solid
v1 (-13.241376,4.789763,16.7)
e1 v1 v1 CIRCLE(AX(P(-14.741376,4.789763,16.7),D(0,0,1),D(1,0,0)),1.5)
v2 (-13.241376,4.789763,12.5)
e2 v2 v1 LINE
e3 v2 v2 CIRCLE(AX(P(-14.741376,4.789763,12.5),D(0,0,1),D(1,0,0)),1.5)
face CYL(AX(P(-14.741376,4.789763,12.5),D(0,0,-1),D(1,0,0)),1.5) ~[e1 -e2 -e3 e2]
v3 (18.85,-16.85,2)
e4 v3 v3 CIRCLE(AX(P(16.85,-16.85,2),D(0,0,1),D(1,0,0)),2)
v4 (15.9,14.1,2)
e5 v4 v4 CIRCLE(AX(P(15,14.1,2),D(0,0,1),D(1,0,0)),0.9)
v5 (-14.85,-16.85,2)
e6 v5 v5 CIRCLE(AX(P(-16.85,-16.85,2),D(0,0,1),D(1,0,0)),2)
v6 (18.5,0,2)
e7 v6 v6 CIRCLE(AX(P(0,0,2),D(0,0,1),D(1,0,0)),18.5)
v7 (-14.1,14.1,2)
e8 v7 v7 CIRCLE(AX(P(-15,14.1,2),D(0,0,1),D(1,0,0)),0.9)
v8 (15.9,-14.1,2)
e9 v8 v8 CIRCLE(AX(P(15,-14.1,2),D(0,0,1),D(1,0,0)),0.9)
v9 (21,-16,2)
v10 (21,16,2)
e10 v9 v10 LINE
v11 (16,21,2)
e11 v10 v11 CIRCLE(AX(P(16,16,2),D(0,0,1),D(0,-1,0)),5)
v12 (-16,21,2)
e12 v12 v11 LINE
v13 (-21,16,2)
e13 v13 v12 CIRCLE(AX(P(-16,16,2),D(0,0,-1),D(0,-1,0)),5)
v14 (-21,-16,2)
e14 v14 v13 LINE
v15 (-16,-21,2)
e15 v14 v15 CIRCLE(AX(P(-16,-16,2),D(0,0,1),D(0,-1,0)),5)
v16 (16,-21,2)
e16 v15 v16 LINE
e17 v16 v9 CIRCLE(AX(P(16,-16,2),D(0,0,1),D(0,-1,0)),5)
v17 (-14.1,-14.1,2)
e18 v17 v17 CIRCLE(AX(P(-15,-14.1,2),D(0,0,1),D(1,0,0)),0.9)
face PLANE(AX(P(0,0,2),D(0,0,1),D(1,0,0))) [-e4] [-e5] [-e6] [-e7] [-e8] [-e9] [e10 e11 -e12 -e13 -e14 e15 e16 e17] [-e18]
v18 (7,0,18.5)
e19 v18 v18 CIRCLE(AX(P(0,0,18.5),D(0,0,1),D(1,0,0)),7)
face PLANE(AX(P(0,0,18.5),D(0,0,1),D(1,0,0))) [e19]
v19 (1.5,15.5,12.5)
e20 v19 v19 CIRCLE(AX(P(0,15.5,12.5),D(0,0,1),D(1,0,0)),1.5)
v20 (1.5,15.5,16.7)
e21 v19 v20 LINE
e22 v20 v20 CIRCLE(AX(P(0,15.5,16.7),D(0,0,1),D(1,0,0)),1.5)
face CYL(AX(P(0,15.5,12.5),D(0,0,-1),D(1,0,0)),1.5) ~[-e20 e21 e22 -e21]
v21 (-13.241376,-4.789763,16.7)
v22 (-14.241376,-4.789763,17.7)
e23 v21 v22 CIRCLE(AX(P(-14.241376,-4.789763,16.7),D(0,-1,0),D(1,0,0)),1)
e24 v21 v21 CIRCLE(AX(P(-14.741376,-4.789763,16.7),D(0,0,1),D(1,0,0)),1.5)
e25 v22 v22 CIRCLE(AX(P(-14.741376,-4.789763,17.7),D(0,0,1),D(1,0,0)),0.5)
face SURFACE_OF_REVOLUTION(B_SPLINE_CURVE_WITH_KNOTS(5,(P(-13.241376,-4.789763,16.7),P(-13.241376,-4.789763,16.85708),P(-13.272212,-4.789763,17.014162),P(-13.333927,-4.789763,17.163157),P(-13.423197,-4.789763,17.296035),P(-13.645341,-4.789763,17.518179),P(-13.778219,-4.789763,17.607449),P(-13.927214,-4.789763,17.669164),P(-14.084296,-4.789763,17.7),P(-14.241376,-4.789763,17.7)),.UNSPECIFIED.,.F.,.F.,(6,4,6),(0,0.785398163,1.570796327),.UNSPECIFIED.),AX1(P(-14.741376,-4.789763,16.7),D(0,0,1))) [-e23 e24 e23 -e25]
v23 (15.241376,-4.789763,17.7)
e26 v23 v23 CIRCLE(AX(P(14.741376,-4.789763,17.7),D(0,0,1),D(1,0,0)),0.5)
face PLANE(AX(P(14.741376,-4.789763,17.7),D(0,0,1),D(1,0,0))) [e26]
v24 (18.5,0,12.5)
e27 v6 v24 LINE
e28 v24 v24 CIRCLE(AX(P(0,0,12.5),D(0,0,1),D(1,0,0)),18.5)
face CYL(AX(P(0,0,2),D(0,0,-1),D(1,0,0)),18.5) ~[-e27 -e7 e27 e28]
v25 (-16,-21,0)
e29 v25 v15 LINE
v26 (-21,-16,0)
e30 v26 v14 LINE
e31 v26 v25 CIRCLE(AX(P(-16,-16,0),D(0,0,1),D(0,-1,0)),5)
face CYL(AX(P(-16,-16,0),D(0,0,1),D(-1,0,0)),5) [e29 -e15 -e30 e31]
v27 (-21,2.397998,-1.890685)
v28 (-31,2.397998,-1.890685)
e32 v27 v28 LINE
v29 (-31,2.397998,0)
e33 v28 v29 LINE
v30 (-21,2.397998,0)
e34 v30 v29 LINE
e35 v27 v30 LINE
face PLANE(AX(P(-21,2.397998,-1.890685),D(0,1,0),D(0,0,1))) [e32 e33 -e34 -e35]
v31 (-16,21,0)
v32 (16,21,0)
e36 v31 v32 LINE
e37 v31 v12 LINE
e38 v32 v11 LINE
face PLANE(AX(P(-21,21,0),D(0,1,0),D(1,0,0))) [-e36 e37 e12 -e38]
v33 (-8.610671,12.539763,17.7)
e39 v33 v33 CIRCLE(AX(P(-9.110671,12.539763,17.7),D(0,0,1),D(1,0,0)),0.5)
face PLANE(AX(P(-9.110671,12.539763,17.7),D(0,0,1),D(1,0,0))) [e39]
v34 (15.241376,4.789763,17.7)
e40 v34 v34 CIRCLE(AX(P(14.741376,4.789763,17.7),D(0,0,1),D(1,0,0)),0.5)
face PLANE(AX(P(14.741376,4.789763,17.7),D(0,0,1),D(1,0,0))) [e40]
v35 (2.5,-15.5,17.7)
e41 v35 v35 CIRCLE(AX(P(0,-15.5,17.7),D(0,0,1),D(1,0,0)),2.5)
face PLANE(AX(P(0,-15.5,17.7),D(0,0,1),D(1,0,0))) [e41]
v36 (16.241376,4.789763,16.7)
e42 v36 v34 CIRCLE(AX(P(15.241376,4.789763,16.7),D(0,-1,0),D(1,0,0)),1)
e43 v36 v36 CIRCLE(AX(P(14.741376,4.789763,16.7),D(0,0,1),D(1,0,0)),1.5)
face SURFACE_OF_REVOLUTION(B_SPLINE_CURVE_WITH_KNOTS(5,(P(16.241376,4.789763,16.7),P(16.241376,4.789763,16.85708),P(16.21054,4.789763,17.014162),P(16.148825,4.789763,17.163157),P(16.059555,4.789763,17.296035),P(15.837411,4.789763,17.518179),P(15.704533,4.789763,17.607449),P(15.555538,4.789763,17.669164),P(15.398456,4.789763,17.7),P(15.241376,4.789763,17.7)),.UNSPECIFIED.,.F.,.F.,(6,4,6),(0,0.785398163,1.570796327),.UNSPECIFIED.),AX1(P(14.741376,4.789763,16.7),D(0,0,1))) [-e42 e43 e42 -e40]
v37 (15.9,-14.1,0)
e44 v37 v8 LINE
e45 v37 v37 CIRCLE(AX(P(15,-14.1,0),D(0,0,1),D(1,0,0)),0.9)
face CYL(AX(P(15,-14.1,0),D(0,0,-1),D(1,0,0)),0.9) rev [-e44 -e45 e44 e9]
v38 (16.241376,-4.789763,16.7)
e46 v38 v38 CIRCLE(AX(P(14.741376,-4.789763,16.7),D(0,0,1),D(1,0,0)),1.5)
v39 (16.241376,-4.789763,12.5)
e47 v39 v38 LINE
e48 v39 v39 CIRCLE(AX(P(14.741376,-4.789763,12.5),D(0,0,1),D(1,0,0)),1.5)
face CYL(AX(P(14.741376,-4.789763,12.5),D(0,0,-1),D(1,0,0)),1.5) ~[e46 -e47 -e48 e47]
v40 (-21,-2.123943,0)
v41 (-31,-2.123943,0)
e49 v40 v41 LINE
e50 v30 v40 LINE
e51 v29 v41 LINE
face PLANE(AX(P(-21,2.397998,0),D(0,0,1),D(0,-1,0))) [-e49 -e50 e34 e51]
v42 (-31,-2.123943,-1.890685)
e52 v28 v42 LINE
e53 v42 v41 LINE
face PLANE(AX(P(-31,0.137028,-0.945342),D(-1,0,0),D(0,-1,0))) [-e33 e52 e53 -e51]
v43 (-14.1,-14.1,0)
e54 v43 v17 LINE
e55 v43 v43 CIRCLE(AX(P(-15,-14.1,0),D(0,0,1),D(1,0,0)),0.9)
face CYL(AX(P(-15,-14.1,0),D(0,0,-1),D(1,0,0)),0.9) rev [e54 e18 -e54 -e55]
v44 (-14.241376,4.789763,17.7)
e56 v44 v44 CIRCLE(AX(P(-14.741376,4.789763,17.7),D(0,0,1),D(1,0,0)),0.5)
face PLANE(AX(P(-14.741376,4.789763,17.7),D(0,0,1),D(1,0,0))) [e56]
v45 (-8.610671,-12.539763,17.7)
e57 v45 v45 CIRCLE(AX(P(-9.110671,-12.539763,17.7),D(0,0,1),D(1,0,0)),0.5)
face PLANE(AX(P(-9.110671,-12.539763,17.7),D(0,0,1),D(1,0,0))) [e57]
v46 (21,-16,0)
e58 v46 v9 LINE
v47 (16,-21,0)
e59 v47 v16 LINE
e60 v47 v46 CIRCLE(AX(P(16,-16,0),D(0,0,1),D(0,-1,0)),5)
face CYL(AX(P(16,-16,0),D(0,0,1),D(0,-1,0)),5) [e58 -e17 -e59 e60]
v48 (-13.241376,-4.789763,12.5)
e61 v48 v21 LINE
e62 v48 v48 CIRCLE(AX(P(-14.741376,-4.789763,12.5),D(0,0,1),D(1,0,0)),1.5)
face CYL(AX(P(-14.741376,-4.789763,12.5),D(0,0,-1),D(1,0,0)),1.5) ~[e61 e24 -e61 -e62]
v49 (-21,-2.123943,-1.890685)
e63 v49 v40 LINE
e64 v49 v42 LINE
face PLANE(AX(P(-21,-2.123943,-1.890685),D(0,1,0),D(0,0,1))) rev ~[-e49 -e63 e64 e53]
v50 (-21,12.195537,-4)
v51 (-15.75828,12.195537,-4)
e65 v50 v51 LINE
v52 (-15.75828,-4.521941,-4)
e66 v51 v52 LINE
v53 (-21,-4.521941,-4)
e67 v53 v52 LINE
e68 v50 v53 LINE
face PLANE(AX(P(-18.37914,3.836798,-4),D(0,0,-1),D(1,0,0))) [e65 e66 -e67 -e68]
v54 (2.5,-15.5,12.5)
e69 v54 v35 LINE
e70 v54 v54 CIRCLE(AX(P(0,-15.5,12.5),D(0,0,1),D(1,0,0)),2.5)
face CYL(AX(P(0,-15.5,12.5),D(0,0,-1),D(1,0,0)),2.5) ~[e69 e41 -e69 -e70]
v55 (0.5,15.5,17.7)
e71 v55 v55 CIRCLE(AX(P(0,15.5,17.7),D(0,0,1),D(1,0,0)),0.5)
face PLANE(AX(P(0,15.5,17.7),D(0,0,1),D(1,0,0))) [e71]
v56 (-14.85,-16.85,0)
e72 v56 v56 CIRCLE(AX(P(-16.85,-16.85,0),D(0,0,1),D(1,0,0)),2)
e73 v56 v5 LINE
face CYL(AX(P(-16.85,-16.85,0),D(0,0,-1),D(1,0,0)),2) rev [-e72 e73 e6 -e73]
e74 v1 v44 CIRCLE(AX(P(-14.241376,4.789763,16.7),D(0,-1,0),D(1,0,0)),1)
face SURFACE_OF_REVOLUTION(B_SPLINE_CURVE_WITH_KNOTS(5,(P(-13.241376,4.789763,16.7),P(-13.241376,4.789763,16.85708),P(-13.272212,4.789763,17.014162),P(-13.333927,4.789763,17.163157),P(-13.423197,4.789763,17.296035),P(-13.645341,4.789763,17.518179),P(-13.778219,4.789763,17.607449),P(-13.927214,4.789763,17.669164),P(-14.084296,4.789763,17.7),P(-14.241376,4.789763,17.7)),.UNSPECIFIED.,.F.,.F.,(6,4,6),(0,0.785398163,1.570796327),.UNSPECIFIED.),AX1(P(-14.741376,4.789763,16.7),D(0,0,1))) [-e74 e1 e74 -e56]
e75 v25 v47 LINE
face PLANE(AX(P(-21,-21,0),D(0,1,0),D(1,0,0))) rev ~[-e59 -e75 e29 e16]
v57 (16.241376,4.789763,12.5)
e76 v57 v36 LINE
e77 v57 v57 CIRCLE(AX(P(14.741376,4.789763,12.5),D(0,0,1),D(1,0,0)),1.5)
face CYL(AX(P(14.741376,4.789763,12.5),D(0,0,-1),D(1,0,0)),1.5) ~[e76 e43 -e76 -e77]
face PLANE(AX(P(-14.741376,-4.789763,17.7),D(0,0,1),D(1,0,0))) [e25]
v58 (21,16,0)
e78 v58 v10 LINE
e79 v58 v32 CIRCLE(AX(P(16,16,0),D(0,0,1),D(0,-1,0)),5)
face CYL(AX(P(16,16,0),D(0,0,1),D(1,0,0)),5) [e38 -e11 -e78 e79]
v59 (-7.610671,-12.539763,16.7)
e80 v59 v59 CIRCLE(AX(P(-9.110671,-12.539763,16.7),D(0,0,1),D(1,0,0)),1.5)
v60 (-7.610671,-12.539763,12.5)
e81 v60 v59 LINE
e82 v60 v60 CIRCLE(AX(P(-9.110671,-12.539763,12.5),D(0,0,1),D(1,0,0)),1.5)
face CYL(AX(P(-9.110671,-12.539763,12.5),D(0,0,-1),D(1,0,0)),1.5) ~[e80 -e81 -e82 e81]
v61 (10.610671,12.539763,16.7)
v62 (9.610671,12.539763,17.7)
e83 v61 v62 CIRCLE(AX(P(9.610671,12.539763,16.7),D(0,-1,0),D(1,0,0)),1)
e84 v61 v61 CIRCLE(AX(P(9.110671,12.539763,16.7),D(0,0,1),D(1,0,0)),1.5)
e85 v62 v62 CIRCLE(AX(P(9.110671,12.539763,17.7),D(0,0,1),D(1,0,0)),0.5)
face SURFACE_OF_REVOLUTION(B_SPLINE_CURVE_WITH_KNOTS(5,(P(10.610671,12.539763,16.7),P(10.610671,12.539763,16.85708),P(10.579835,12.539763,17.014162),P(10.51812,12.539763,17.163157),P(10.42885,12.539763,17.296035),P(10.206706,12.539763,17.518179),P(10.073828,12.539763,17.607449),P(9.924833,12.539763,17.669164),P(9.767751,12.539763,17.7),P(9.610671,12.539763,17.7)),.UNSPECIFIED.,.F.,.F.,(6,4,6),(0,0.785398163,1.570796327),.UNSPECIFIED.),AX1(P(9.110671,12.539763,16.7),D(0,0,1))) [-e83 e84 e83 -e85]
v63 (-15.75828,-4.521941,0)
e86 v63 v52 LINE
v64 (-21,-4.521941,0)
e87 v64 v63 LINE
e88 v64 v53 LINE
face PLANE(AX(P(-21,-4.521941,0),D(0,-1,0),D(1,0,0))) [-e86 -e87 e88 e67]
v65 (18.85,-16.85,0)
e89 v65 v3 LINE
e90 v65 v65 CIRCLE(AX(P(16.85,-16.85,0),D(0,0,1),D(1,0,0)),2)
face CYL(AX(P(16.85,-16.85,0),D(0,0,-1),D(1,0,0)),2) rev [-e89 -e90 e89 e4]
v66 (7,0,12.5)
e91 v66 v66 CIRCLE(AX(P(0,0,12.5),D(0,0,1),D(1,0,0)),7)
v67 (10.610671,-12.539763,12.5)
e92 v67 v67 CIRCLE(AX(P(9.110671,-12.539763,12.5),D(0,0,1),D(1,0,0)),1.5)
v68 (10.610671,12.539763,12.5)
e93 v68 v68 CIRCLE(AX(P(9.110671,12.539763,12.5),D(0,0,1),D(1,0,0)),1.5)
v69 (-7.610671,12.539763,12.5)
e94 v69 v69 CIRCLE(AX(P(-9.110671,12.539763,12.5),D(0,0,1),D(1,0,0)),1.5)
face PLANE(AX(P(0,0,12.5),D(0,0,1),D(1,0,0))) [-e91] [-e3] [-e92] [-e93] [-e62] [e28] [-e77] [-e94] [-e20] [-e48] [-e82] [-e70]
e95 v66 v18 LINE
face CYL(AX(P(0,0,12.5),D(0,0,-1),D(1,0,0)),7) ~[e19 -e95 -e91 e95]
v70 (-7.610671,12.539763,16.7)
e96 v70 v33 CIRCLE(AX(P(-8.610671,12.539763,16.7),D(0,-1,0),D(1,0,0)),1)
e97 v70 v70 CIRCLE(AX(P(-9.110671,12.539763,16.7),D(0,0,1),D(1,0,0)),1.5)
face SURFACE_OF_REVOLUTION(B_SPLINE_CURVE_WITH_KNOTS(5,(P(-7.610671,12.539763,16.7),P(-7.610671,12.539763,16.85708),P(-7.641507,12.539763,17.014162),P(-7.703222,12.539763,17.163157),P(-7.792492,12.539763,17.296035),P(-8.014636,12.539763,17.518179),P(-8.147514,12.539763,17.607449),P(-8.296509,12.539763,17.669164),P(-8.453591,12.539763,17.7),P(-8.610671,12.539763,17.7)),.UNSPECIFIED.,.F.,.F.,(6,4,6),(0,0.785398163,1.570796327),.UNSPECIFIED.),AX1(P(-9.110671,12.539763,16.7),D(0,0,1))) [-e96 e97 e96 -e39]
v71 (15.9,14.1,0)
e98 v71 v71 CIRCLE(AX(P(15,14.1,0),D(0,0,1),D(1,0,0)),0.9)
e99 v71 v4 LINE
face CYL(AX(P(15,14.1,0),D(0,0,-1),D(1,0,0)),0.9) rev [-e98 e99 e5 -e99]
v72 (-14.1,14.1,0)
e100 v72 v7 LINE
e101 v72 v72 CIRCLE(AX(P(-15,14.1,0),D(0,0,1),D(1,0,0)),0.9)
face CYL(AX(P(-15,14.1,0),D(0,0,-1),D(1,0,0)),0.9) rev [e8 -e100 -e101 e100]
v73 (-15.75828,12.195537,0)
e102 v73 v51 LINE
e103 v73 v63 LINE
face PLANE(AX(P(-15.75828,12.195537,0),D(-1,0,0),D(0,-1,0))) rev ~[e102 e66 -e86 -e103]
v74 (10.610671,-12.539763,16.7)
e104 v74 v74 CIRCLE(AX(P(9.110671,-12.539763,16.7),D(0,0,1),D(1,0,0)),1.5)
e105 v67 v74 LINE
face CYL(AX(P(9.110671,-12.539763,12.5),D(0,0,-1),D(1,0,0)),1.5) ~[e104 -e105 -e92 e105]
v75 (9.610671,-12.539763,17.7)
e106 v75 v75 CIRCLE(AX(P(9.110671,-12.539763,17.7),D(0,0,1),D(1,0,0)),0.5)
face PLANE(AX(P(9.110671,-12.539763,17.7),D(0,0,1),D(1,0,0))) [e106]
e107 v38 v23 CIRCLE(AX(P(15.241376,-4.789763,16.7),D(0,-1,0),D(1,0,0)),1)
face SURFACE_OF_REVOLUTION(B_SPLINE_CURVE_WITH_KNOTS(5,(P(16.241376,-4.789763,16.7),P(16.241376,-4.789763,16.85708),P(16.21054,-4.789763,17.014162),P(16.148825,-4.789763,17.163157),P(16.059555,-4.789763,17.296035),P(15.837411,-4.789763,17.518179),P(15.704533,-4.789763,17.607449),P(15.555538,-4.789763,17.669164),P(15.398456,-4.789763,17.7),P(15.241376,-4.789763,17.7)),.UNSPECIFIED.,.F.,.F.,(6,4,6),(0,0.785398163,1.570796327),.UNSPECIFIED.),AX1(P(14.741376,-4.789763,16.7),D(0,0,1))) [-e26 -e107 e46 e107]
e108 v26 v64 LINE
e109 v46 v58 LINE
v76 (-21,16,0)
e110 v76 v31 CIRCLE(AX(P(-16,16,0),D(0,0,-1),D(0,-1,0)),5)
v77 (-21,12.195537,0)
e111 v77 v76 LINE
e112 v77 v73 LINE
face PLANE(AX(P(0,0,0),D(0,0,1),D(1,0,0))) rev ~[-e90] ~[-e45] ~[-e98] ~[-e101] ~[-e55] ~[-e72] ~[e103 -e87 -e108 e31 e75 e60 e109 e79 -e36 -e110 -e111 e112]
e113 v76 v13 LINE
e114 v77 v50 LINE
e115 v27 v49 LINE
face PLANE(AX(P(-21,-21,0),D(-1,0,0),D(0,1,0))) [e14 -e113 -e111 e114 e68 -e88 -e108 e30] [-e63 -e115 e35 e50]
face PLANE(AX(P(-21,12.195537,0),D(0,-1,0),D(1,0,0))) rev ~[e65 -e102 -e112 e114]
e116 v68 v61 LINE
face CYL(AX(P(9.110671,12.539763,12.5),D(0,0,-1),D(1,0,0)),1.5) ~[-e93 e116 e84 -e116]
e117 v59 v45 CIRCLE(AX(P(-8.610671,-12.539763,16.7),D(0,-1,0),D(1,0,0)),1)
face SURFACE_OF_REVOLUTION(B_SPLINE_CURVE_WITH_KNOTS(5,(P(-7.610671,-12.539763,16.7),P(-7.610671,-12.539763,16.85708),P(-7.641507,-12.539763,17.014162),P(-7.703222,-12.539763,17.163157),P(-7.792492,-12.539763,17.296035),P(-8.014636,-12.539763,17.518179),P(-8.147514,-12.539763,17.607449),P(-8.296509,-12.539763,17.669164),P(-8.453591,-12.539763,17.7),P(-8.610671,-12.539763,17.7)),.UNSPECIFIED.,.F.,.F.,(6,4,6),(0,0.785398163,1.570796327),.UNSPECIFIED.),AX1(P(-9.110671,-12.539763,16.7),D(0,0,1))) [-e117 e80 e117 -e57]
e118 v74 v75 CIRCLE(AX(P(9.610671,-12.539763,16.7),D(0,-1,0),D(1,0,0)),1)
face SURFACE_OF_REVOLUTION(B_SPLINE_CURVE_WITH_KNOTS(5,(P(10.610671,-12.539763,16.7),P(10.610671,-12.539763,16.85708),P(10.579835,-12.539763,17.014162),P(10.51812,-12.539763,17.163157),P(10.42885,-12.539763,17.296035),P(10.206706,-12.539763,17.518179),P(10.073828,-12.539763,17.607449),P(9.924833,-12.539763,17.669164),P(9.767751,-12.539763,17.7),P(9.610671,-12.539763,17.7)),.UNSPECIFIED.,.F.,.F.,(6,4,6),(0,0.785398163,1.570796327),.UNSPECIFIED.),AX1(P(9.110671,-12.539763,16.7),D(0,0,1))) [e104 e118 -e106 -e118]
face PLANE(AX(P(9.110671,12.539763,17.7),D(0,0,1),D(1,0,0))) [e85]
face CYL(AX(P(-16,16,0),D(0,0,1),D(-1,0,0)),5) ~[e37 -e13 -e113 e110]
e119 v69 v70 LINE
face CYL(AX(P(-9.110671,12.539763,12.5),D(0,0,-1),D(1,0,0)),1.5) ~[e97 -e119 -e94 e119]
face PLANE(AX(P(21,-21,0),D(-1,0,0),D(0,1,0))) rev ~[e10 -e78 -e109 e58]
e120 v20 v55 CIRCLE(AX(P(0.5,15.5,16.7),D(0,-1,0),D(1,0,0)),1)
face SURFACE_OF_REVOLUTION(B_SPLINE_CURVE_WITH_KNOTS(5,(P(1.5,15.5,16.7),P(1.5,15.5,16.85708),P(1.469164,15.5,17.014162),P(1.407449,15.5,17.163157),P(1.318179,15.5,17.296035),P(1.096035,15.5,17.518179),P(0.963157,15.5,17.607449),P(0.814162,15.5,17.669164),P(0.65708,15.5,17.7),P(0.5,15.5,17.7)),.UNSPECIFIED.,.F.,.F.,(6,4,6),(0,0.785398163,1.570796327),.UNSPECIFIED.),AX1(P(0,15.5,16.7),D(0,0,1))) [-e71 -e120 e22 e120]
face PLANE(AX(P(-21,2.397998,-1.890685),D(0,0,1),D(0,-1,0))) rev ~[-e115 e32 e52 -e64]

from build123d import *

# Parameters (mm, degrees)
F0_W      = 42
F0_H      = 42
F0_R      = 2
F0_R_2    = 0.9
F1_DEPTH  = 2
F2_R      = 5
F3_R      = 18.5
F4_DEPTH  = 10.5
F5_R      = 7
F6_DEPTH  = 6
F7_R      = 2.5
F7_R_2    = 1.5
F8_DEPTH  = 5.2
F9_R      = 1
F10_W     = 5.24172
F10_H     = 16.717478
F11_DEPTH = 4
F12_W     = 4.521941
F12_H     = 1.890685
F13_DEPTH = 10


with BuildPart() as f1:
    # F0 (on Top) → F1 (new body)
    with BuildSketch(Plane.XY):
        Rectangle(F0_W, F0_H)
        with Locations((-16.85, -16.85)):
            Circle(F0_R, mode=Mode.SUBTRACT)
        with Locations((-15, -14.1)):
            Circle(F0_R_2, mode=Mode.SUBTRACT)
        with Locations((16.85, -16.85)):
            Circle(F0_R, mode=Mode.SUBTRACT)
        with Locations((15, -14.1)):
            Circle(F0_R_2, mode=Mode.SUBTRACT)
        with Locations((-15, 14.1)):
            Circle(F0_R_2, mode=Mode.SUBTRACT)
        with Locations((-16.85, 16.85)):
            Circle(F0_R, mode=Mode.SUBTRACT)
        with Locations((15, 14.1)):
            Circle(F0_R_2, mode=Mode.SUBTRACT)
        with Locations((16.85, 16.85)):
            Circle(F0_R, mode=Mode.SUBTRACT)
        with Locations((16.85, 16.85)):
            Circle(F0_R)
        with Locations((-16.85, 16.85)):
            Circle(F0_R)
    extrude(amount=F1_DEPTH)

    # F2
    f2_edges = [f1.edges().sort_by_distance(p)[0] for p in [
        (21, 21, 1),
        (-21, 21, 1),
        (-21, -21, 1),
        (21, -21, 1),
    ]]
    fillet(f2_edges, radius=F2_R)

    # F3 (on face) → F4 (join)
    with BuildSketch(Plane.XY.offset(2)):
        Circle(F3_R)
    extrude(amount=F4_DEPTH)

    # F5 (on face) → F6 (join)
    with BuildSketch(Plane.XY.offset(12.5)):
        Circle(F5_R)
    extrude(amount=F6_DEPTH)

    # F7 (on face) → F8 (join)
    with BuildSketch(Plane.XY.offset(12.5)):
        with Locations((0, -15.5)):
            Circle(F7_R)
        with Locations((0, -15.5)):
            Circle(F7_R_2, mode=Mode.SUBTRACT)
        with Locations((9.110671, -12.539763)):
            Circle(F7_R_2)
        with Locations((14.741376, -4.789763)):
            Circle(F7_R_2)
        with Locations((14.741376, 4.789763)):
            Circle(F7_R_2)
        with Locations((9.110671, 12.539763)):
            Circle(F7_R_2)
        with Locations((0, 15.5)):
            Circle(F7_R_2)
        with Locations((-9.110671, 12.539763)):
            Circle(F7_R_2)
        with Locations((-14.741376, 4.789763)):
            Circle(F7_R_2)
        with Locations((-14.741376, -4.789763)):
            Circle(F7_R_2)
        with Locations((-9.110671, -12.539763)):
            Circle(F7_R_2)
        with Locations((0, -15.5)):
            Circle(F7_R_2)
    extrude(amount=F8_DEPTH)

    # F9
    f9_edges = [f1.edges().sort_by_distance(p)[0] for p in [
        (13.241376, -4.789763, 17.7),
        (13.241376, 4.789763, 17.7),
        (7.610671, -12.539763, 17.7),
        (-10.610671, -12.539763, 17.7),
        (-16.241376, -4.789763, 17.7),
        (-16.241376, 4.789763, 17.7),
        (-10.610671, 12.539763, 17.7),
        (-1.5, 15.5, 17.7),
        (7.610671, 12.539763, 17.7),
    ]]
    fillet(f9_edges, radius=F9_R)

    # F10 (on face) → F11 (join)
    with BuildSketch(Plane(origin=(0, 0, 0), x_dir=(1, 0, 0), z_dir=(0, 0, -1))):
        with Locations((-18.37914, -3.836798)):
            Rectangle(F10_W, F10_H)
    extrude(amount=F11_DEPTH)

    # F12 (on face) → F13 (join)
    with BuildSketch(Plane(origin=(-21, 0, 0), x_dir=(0, -1, 0), z_dir=(-1, 0, 0))):
        with Locations((-0.137028, -0.945342)):
            Rectangle(F12_W, F12_H)
    extrude(amount=F13_DEPTH)


solid = f1.part
